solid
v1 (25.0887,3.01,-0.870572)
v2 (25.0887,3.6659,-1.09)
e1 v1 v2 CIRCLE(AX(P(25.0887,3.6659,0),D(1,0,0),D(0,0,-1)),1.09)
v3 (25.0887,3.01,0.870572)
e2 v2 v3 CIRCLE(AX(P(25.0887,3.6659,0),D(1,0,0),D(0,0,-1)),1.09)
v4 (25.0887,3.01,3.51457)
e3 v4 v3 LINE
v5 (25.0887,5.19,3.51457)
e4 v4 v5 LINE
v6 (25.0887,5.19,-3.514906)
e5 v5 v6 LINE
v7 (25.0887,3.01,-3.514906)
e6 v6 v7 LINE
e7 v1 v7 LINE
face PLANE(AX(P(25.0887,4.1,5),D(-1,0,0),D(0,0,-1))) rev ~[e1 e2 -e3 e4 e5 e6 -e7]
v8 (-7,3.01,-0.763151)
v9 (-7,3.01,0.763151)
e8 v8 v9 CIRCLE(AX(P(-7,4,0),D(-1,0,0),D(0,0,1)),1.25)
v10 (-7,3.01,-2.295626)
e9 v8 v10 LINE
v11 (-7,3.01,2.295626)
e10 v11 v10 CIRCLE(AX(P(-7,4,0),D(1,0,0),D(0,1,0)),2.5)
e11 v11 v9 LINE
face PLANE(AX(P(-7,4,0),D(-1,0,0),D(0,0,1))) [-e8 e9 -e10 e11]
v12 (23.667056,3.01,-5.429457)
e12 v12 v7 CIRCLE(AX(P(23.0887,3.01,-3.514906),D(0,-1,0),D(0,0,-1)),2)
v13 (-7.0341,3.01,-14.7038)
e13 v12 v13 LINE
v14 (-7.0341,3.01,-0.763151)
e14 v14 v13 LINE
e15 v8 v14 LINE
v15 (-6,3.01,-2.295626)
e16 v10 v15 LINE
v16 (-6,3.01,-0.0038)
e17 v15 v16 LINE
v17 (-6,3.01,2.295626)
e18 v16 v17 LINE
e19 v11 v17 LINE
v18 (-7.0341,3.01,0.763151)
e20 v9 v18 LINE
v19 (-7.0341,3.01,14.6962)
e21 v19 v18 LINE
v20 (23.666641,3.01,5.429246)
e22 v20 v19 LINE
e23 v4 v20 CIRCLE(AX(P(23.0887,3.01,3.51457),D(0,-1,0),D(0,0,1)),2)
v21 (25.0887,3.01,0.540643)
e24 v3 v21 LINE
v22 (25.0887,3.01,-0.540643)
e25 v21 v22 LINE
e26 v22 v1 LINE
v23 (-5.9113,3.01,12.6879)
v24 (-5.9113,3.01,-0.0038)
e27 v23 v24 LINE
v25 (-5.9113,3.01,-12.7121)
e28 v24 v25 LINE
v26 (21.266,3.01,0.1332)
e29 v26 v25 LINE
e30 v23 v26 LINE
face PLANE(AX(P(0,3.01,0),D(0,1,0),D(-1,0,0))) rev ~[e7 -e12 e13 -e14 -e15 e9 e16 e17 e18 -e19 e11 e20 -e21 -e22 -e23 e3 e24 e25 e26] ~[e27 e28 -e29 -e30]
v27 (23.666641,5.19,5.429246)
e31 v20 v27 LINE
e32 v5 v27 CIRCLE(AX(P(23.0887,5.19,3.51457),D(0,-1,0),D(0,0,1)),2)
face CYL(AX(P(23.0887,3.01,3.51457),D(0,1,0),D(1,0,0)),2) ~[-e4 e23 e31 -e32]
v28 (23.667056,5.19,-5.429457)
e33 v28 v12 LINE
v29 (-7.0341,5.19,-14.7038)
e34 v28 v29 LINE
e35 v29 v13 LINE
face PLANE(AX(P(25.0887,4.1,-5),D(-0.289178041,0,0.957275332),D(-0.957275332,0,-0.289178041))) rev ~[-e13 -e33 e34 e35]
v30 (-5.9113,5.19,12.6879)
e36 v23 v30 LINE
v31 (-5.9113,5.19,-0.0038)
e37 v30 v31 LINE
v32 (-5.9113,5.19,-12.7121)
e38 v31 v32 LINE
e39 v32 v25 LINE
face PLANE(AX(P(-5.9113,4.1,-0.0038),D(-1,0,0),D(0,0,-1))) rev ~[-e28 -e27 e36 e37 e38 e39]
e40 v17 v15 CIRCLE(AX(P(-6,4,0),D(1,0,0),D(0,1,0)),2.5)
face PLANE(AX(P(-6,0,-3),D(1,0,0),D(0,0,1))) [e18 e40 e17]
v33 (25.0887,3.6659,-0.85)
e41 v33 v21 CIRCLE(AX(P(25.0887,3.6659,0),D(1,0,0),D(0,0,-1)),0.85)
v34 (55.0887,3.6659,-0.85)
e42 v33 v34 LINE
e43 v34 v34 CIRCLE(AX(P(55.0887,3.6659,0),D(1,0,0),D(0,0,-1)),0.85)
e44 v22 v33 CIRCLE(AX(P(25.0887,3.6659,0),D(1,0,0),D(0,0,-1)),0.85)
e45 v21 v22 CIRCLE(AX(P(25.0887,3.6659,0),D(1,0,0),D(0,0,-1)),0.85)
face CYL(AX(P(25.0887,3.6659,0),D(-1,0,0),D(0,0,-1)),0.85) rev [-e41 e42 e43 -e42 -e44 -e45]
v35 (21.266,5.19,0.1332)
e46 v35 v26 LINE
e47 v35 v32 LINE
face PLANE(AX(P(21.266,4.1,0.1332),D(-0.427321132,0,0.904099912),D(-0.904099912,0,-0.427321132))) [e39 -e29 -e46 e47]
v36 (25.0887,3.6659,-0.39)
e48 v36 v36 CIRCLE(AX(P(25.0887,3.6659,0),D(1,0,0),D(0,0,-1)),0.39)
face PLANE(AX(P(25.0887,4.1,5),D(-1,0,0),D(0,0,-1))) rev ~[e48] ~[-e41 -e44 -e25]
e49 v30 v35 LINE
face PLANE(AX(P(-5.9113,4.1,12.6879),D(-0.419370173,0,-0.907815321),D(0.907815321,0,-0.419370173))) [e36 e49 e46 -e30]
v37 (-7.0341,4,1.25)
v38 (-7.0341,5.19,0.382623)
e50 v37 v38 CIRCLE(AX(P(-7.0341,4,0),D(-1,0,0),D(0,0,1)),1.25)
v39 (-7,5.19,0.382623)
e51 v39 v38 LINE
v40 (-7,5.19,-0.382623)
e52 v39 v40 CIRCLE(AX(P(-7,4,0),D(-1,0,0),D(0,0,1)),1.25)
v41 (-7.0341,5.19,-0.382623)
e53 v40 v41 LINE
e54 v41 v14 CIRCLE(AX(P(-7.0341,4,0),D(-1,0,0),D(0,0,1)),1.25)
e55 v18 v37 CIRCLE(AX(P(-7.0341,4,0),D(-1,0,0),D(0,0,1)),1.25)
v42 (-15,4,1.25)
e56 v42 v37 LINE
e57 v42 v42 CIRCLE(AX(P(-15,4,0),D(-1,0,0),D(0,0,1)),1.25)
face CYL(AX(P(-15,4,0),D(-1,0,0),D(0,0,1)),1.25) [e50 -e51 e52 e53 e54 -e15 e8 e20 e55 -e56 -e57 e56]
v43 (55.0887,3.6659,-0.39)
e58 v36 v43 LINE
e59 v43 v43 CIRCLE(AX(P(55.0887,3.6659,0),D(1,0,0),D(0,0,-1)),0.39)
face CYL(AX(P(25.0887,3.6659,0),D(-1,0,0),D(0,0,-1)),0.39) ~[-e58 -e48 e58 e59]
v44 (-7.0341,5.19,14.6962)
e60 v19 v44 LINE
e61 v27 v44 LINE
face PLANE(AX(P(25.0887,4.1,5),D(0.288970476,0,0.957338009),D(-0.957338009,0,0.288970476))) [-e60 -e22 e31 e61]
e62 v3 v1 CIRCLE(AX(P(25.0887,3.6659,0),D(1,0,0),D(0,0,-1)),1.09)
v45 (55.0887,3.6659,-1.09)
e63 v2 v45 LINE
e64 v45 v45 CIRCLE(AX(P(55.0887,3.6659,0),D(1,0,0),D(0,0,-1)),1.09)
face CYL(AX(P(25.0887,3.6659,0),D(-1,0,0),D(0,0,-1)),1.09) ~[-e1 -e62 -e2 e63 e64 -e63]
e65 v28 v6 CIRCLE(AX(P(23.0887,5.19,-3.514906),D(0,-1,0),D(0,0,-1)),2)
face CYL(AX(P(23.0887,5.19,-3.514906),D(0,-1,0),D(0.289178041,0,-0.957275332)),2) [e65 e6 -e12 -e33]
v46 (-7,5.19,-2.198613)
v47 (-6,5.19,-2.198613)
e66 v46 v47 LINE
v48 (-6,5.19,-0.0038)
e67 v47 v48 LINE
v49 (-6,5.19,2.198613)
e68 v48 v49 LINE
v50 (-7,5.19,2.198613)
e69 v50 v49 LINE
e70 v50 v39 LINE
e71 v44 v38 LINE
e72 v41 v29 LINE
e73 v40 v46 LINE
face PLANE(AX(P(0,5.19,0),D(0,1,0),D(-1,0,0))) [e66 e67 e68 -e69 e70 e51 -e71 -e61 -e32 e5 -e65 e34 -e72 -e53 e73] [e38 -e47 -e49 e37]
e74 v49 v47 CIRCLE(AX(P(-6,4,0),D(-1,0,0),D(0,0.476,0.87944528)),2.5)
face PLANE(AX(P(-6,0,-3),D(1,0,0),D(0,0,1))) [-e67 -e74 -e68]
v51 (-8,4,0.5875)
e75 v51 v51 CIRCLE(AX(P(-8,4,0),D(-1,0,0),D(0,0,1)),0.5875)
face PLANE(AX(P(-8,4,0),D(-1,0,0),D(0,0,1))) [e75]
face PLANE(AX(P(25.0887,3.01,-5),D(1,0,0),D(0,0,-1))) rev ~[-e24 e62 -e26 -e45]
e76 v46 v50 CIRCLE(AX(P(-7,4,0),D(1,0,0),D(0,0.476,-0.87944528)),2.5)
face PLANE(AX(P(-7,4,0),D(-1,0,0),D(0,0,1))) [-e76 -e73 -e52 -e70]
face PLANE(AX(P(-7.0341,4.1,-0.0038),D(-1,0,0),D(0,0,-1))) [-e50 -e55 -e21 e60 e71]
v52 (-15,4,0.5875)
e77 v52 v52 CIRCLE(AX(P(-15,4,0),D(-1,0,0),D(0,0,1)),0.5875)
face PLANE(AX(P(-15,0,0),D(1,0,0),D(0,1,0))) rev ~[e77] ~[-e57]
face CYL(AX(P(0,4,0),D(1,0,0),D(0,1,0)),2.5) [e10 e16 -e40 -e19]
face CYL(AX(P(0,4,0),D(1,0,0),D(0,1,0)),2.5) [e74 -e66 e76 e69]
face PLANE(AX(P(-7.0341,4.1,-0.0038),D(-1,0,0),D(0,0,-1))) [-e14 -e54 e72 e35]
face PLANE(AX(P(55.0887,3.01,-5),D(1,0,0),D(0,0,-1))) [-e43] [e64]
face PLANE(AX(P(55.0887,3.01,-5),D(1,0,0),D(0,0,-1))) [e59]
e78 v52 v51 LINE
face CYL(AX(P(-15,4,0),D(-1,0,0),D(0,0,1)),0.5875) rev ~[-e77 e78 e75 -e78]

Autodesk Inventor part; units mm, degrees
ref_plane "YZ Plane" through (0, 0, 0) normal (1, 0, 0) x (0, 1, 0)
ref_plane "XY Plane" through (0, 0, 0) normal (0, 0, 1) x (1, 0, 0)
sketch "Sketch1" plane through (0, 0, 0) normal (0, 1, 0) x (-1, 0, 0)
  arc A0 (0, -5) -> (0, 5) centre (0, 0) ccw
  line L0 (0, 5) -> (0, -5)
  dimension "d0" = 10
extrude "Extrusion1" add sketch "Sketch1" along normal blind 10
sketch "Sketch2" plane through (0, 0, 0) normal (1, 0, 0) x (0, 1, 0)
  line L0 (8.0172, -4.5) -> (8.0172, 4.5)
  line L1 (8.0172, 4.5) -> (2.5172, 4.5)
  line L2 (2.5172, -4.5) -> (0.0172, -2)
  line L3 (2.5172, 4.5) -> (0.0172, 2)
  line L4 (0.0172, -2) -> (0.0172, 2)
  line L5 (8.0172, -4.5) -> (2.5172, -4.5)
  point P0 (0, 0)
  dimension "d3" = 9
  dimension "d4" = 8
sketch "Sketch3" plane through (0, 0, 0) normal (1, 0, 0) x (0, 1, 0)
  line L0 (0, 2) -> (3, 5)
  arc A0 (3, 5) -> (0, 2) centre (1, 4) ccw
  line L1 (0, -2) -> (4, -6)
  arc A1 (0, -2) -> (4, -6) centre (1.75, -4.25) ccw
  line L2 (8.0325, 5) -> (11, 5)
  line L3 (11, 5) -> (11, -6)
  line L4 (11, -6) -> (8.0325, -6)
  line L5 (8.0325, -6) -> (8.0325, 5)
  line L6 (2.4911, 4.4911) -> (5, 7)
  line L7 (2.4911, 4.4911) -> (8.0325, 4.4911)
  arc A2 (8.0325, 4.4911) -> (5, 7) centre (7, 6.3303) ccw
  line L8 (2.4911, -4.4911) -> (8.5706, -4.4911)
  arc A3 (2.4911, -4.4911) -> (8.5706, -4.4911) centre (5.5309, -7.5041) ccw
  point P0 (0, 0)
extrude "Extrusion2" cut sketch "Sketch3" against normal through all
sketch "Sketch4" plane through (0, 0, 0) normal (0, 1, 0) x (-1, 0, 0)
  arc A0 (1.0726, -4.4911) -> (1.0726, 4.4911) centre (-1.125, 0) ccw
  arc A1 (1.0726, 4.4911) -> (1.0726, -4.4911) centre (-0.4517, 0) ccw
  point P0 (0, 0)
  point P1 (2.1976, -4.4911)
  point P2 (2.1976, 4.4911)
  dimension "d9" = 1.125
  dimension "d10" = 1.125
extrude "Extrusion3" cut sketch "Sketch4" along normal through all both and the other way through all
sketch "Sketch5" plane through (0, 0, 0) normal (1, 0, 0) x (0, 1, 0)
  line L0 (1.6, -1.2445) -> (1.6, 1.1555)
  line L1 (6.4325, 2.6911) -> (3.1125, 2.6911)
  line L2 (6.4325, -2.6911) -> (6.4325, 2.6911)
  line L3 (6.4325, -2.6911) -> (3.1125, -2.6911)
  line L4 (0, 2) -> (0, -2) projected
  line L5 (8.0325, 4.4911) -> (8.0325, -4.4911) projected
  line L6 (0, 2) -> (2.4911, 4.4911) projected
  line L7 (2.4911, 4.4911) -> (8.0325, 4.4911) projected
  line L8 (8.0325, 4.4911) -> (8.0325, -4.4911) projected
  line L9 (8.0325, -4.4911) -> (2.4911, -4.4911) projected
  line L10 (2.4911, -4.4911) -> (0, -2) projected
  line L11 (0, 2) -> (0, -2) projected
  line L12 (1.6, 1.1555) -> (3.1125, 2.6911)
  line L13 (1.6, -1.2445) -> (3.1125, -2.6911)
  line L14 (1.6, 4.6579) -> (1.6, -5.3823)
  arc A0 (1.6, 4.6579) -> (1.6, -5.3823) centre (3.2437, -0.3622) ccw
  line L15 (1.6, 1.1555) -> (5.4757, 5.0906)
  line L16 (1.6, 1.1555) -> (1.6, 7.5999)
  arc A1 (5.4757, 5.0906) -> (1.6, 7.5999) centre (3.8837, 6.8794) ccw
  line L17 (3.1125, 2.6911) -> (12.4034, 2.6911)
  line L18 (3.1125, 2.6911) -> (8.5318, 8.1936)
  arc A2 (12.4034, 2.6911) -> (8.5318, 8.1936) centre (8.3272, 3.9364) ccw
  line L19 (6.4325, 2.6911) -> (13.6333, 2.6911)
  line L20 (6.4325, 2.6911) -> (6.4325, -9.3636)
  arc A3 (6.4325, -9.3636) -> (13.6333, 2.6911) centre (6.37, -1.1482) ccw
  line L21 (6.4325, -2.6911) -> (6.4325, -11.5775)
  line L22 (6.4325, -2.6911) -> (3.1125, -2.6911)
  line L23 (3.1125, -2.6911) -> (3.2437, -12.8567)
  arc A4 (3.2437, -12.8567) -> (6.4325, -9.3636) centre (5.6123, -11.8169) ccw
  line L24 (1.6, -1.2445) -> (1.6, -8.2222)
  line L25 (1.6, -1.2445) -> (3.1125, -2.6911)
  line L26 (3.1125, -2.6911) -> (3.1946, -9.0574)
  arc A5 (1.6, -8.2222) -> (3.1946, -9.0574) centre (2.6381, -8.1801) ccw
  point P0 (0, 0)
  dimension "d16" = 1.6
  dimension "d18" = 1.6
  dimension "d21" = 1.8
  dimension "d23" = 1.8
  dimension "d24" = 2.4
  dimension "d26" = 3.32
  dimension "d27" = 3.32
extrude "Extrusion4" cut sketch "Sketch5" against normal through all contours L14 L10 L4 L6 L0 | L13 L23 L9 L10 L14 | L14 L6 L7 L15 L12 | L3 L20 L9 L23 | L14 A0 L6 L4 L10 | L10 L9 L23 A5 L24 L14 | L15 L7 L5 L17 L1 | L14 L16 A1 L15 L7 L6 | L2 L17 L5 L9 L20 | L9 L20 A4 L23 | L15 L18 A2 L17 L5 L7 | L9 L5 L17 L19 A3 L20
sketch "Sketch6" plane through (0, 0, 0) normal (1, 0, 0) x (0, 1, 0)
  circle A0 centre (4, 0) radius 2.5
  line L0 (1.6, -1.2445) -> (1.6, 1.1555) projected
  point P0 (0, 0)
  dimension "d31" = 5
  dimension "d32" = 2.4
extrude "Extrusion5" add sketch "Sketch6" against normal blind 15
sketch "Sketch7" plane through (0, 0, 0) normal (0, 1, 0) x (-1, 0, 0)
  arc A0 (3.089, -2.6911) -> (3.7176, -1.2445) centre (-1.125, 0) ccw
  arc A1 (3.7397, 1.1555) -> (3.089, 2.6911) centre (-1.125, 0) ccw projected
  arc A2 (3.7176, -1.2445) -> (3.7397, 1.1555) centre (-1.125, 0) ccw
  arc A3 (3.089, 2.6911) -> (3.089, -2.6911) centre (1.3425, 0) ccw
  point P0 (0, 0)
extrude "Extrusion6" cut sketch "Sketch7" along normal through all
sketch "Sketch8" plane through (-15, 4, 0) normal (-1, 0, 0) x (0, 0, 1)
  circle A0 centre (0, 0) radius 0.5875
  point P0 (0, -4)
  dimension "d37" = 1.175
extrude "Extrusion7" cut sketch "Sketch8" against normal blind 7
sketch "Sketch9" plane through (0, 0, 0) normal (0, 1, 0) x (-1, 0, 0)
  line L0 (6, 3) -> (2, 3)
  line L1 (2, 3) -> (2, -3)
  line L2 (2, -3) -> (6, -3)
  line L3 (6, -3) -> (6, 3)
  point P0 (0, 0)
extrude "Extrusion8" cut sketch "Sketch9" along normal through all both and the other way through all
sketch "Sketch10" plane through (-15, 4, 0) normal (-1, 0, 0) x (0, 0, 1)
  circle A0 centre (0, 0) radius 1.25
  circle A1 centre (0, 0) radius 3.9528
  point P0 (0, -4)
  dimension "d69" = 2.5
extrude "Extrusion9" cut sketch "Sketch10" against normal blind 8
ref_plane "Work Plane1" through (0, 4.1, 0) normal (0, 1, 0) x (-1, 0, 0)
sketch "Sketch12" plane through (0, 4.1, 0) normal (0, 1, 0) x (-1, 0, 0)
  line L0 (15, -1) -> (15, 1)
  line L1 (5.9113, 12.6879) -> (5.9113, -12.7121)
  line L2 (5.9113, 12.6879) -> (-21.266, 0.1332)
  line L3 (-21.266, 0.1332) -> (5.9113, -12.7121)
  line L4 (7.0341, 14.6962) -> (7.0341, -14.7038)
  line L5 (2.03, -0.0038) -> (19.03, -0.0038)
  line L6 (-25.0887, 5) -> (-25.0887, -5)
  line L7 (-25.0887, 5) -> (7.0341, 14.6962)
  line L8 (-25.0887, -5) -> (7.0341, -14.7038)
  point P0 (0, 0)
  point P1 (0, 0)
  dimension "d61" = 25.4
  dimension "d62" = 29.4
  dimension "d63" = 14.7
  dimension "d64" = 10
  dimension "d67" = 31
extrude "Extrusion11" add sketch "Sketch12" along normal mid plane 2.18
sketch "Sketch13" plane through (25.0887, 3.01, -5) normal (1, 0, 0) x (0, 0, -1)
  circle A0 centre (-5, 0.6559) radius 0.39
  circle A1 centre (-5, 0.6559) radius 0.85
  circle A2 centre (-5, 0.6559) radius 1.09
  point P0 (-5, -3.01)
  dimension "d70" = 0.78
  dimension "d71" = 1.7
  dimension "d74" = 2.18
extrude "Extrusion13" add sketch "Sketch13" along normal blind 30
fillet "Fillet1" radius 2 1 edges at (25.0887, 4.1, -5)
fillet "Fillet2" radius 2 1 edges at (25.0887, 4.1, 5)
properties part number "piezo_mounted_whisk_deflector_SHORT_capillary_attachment"
